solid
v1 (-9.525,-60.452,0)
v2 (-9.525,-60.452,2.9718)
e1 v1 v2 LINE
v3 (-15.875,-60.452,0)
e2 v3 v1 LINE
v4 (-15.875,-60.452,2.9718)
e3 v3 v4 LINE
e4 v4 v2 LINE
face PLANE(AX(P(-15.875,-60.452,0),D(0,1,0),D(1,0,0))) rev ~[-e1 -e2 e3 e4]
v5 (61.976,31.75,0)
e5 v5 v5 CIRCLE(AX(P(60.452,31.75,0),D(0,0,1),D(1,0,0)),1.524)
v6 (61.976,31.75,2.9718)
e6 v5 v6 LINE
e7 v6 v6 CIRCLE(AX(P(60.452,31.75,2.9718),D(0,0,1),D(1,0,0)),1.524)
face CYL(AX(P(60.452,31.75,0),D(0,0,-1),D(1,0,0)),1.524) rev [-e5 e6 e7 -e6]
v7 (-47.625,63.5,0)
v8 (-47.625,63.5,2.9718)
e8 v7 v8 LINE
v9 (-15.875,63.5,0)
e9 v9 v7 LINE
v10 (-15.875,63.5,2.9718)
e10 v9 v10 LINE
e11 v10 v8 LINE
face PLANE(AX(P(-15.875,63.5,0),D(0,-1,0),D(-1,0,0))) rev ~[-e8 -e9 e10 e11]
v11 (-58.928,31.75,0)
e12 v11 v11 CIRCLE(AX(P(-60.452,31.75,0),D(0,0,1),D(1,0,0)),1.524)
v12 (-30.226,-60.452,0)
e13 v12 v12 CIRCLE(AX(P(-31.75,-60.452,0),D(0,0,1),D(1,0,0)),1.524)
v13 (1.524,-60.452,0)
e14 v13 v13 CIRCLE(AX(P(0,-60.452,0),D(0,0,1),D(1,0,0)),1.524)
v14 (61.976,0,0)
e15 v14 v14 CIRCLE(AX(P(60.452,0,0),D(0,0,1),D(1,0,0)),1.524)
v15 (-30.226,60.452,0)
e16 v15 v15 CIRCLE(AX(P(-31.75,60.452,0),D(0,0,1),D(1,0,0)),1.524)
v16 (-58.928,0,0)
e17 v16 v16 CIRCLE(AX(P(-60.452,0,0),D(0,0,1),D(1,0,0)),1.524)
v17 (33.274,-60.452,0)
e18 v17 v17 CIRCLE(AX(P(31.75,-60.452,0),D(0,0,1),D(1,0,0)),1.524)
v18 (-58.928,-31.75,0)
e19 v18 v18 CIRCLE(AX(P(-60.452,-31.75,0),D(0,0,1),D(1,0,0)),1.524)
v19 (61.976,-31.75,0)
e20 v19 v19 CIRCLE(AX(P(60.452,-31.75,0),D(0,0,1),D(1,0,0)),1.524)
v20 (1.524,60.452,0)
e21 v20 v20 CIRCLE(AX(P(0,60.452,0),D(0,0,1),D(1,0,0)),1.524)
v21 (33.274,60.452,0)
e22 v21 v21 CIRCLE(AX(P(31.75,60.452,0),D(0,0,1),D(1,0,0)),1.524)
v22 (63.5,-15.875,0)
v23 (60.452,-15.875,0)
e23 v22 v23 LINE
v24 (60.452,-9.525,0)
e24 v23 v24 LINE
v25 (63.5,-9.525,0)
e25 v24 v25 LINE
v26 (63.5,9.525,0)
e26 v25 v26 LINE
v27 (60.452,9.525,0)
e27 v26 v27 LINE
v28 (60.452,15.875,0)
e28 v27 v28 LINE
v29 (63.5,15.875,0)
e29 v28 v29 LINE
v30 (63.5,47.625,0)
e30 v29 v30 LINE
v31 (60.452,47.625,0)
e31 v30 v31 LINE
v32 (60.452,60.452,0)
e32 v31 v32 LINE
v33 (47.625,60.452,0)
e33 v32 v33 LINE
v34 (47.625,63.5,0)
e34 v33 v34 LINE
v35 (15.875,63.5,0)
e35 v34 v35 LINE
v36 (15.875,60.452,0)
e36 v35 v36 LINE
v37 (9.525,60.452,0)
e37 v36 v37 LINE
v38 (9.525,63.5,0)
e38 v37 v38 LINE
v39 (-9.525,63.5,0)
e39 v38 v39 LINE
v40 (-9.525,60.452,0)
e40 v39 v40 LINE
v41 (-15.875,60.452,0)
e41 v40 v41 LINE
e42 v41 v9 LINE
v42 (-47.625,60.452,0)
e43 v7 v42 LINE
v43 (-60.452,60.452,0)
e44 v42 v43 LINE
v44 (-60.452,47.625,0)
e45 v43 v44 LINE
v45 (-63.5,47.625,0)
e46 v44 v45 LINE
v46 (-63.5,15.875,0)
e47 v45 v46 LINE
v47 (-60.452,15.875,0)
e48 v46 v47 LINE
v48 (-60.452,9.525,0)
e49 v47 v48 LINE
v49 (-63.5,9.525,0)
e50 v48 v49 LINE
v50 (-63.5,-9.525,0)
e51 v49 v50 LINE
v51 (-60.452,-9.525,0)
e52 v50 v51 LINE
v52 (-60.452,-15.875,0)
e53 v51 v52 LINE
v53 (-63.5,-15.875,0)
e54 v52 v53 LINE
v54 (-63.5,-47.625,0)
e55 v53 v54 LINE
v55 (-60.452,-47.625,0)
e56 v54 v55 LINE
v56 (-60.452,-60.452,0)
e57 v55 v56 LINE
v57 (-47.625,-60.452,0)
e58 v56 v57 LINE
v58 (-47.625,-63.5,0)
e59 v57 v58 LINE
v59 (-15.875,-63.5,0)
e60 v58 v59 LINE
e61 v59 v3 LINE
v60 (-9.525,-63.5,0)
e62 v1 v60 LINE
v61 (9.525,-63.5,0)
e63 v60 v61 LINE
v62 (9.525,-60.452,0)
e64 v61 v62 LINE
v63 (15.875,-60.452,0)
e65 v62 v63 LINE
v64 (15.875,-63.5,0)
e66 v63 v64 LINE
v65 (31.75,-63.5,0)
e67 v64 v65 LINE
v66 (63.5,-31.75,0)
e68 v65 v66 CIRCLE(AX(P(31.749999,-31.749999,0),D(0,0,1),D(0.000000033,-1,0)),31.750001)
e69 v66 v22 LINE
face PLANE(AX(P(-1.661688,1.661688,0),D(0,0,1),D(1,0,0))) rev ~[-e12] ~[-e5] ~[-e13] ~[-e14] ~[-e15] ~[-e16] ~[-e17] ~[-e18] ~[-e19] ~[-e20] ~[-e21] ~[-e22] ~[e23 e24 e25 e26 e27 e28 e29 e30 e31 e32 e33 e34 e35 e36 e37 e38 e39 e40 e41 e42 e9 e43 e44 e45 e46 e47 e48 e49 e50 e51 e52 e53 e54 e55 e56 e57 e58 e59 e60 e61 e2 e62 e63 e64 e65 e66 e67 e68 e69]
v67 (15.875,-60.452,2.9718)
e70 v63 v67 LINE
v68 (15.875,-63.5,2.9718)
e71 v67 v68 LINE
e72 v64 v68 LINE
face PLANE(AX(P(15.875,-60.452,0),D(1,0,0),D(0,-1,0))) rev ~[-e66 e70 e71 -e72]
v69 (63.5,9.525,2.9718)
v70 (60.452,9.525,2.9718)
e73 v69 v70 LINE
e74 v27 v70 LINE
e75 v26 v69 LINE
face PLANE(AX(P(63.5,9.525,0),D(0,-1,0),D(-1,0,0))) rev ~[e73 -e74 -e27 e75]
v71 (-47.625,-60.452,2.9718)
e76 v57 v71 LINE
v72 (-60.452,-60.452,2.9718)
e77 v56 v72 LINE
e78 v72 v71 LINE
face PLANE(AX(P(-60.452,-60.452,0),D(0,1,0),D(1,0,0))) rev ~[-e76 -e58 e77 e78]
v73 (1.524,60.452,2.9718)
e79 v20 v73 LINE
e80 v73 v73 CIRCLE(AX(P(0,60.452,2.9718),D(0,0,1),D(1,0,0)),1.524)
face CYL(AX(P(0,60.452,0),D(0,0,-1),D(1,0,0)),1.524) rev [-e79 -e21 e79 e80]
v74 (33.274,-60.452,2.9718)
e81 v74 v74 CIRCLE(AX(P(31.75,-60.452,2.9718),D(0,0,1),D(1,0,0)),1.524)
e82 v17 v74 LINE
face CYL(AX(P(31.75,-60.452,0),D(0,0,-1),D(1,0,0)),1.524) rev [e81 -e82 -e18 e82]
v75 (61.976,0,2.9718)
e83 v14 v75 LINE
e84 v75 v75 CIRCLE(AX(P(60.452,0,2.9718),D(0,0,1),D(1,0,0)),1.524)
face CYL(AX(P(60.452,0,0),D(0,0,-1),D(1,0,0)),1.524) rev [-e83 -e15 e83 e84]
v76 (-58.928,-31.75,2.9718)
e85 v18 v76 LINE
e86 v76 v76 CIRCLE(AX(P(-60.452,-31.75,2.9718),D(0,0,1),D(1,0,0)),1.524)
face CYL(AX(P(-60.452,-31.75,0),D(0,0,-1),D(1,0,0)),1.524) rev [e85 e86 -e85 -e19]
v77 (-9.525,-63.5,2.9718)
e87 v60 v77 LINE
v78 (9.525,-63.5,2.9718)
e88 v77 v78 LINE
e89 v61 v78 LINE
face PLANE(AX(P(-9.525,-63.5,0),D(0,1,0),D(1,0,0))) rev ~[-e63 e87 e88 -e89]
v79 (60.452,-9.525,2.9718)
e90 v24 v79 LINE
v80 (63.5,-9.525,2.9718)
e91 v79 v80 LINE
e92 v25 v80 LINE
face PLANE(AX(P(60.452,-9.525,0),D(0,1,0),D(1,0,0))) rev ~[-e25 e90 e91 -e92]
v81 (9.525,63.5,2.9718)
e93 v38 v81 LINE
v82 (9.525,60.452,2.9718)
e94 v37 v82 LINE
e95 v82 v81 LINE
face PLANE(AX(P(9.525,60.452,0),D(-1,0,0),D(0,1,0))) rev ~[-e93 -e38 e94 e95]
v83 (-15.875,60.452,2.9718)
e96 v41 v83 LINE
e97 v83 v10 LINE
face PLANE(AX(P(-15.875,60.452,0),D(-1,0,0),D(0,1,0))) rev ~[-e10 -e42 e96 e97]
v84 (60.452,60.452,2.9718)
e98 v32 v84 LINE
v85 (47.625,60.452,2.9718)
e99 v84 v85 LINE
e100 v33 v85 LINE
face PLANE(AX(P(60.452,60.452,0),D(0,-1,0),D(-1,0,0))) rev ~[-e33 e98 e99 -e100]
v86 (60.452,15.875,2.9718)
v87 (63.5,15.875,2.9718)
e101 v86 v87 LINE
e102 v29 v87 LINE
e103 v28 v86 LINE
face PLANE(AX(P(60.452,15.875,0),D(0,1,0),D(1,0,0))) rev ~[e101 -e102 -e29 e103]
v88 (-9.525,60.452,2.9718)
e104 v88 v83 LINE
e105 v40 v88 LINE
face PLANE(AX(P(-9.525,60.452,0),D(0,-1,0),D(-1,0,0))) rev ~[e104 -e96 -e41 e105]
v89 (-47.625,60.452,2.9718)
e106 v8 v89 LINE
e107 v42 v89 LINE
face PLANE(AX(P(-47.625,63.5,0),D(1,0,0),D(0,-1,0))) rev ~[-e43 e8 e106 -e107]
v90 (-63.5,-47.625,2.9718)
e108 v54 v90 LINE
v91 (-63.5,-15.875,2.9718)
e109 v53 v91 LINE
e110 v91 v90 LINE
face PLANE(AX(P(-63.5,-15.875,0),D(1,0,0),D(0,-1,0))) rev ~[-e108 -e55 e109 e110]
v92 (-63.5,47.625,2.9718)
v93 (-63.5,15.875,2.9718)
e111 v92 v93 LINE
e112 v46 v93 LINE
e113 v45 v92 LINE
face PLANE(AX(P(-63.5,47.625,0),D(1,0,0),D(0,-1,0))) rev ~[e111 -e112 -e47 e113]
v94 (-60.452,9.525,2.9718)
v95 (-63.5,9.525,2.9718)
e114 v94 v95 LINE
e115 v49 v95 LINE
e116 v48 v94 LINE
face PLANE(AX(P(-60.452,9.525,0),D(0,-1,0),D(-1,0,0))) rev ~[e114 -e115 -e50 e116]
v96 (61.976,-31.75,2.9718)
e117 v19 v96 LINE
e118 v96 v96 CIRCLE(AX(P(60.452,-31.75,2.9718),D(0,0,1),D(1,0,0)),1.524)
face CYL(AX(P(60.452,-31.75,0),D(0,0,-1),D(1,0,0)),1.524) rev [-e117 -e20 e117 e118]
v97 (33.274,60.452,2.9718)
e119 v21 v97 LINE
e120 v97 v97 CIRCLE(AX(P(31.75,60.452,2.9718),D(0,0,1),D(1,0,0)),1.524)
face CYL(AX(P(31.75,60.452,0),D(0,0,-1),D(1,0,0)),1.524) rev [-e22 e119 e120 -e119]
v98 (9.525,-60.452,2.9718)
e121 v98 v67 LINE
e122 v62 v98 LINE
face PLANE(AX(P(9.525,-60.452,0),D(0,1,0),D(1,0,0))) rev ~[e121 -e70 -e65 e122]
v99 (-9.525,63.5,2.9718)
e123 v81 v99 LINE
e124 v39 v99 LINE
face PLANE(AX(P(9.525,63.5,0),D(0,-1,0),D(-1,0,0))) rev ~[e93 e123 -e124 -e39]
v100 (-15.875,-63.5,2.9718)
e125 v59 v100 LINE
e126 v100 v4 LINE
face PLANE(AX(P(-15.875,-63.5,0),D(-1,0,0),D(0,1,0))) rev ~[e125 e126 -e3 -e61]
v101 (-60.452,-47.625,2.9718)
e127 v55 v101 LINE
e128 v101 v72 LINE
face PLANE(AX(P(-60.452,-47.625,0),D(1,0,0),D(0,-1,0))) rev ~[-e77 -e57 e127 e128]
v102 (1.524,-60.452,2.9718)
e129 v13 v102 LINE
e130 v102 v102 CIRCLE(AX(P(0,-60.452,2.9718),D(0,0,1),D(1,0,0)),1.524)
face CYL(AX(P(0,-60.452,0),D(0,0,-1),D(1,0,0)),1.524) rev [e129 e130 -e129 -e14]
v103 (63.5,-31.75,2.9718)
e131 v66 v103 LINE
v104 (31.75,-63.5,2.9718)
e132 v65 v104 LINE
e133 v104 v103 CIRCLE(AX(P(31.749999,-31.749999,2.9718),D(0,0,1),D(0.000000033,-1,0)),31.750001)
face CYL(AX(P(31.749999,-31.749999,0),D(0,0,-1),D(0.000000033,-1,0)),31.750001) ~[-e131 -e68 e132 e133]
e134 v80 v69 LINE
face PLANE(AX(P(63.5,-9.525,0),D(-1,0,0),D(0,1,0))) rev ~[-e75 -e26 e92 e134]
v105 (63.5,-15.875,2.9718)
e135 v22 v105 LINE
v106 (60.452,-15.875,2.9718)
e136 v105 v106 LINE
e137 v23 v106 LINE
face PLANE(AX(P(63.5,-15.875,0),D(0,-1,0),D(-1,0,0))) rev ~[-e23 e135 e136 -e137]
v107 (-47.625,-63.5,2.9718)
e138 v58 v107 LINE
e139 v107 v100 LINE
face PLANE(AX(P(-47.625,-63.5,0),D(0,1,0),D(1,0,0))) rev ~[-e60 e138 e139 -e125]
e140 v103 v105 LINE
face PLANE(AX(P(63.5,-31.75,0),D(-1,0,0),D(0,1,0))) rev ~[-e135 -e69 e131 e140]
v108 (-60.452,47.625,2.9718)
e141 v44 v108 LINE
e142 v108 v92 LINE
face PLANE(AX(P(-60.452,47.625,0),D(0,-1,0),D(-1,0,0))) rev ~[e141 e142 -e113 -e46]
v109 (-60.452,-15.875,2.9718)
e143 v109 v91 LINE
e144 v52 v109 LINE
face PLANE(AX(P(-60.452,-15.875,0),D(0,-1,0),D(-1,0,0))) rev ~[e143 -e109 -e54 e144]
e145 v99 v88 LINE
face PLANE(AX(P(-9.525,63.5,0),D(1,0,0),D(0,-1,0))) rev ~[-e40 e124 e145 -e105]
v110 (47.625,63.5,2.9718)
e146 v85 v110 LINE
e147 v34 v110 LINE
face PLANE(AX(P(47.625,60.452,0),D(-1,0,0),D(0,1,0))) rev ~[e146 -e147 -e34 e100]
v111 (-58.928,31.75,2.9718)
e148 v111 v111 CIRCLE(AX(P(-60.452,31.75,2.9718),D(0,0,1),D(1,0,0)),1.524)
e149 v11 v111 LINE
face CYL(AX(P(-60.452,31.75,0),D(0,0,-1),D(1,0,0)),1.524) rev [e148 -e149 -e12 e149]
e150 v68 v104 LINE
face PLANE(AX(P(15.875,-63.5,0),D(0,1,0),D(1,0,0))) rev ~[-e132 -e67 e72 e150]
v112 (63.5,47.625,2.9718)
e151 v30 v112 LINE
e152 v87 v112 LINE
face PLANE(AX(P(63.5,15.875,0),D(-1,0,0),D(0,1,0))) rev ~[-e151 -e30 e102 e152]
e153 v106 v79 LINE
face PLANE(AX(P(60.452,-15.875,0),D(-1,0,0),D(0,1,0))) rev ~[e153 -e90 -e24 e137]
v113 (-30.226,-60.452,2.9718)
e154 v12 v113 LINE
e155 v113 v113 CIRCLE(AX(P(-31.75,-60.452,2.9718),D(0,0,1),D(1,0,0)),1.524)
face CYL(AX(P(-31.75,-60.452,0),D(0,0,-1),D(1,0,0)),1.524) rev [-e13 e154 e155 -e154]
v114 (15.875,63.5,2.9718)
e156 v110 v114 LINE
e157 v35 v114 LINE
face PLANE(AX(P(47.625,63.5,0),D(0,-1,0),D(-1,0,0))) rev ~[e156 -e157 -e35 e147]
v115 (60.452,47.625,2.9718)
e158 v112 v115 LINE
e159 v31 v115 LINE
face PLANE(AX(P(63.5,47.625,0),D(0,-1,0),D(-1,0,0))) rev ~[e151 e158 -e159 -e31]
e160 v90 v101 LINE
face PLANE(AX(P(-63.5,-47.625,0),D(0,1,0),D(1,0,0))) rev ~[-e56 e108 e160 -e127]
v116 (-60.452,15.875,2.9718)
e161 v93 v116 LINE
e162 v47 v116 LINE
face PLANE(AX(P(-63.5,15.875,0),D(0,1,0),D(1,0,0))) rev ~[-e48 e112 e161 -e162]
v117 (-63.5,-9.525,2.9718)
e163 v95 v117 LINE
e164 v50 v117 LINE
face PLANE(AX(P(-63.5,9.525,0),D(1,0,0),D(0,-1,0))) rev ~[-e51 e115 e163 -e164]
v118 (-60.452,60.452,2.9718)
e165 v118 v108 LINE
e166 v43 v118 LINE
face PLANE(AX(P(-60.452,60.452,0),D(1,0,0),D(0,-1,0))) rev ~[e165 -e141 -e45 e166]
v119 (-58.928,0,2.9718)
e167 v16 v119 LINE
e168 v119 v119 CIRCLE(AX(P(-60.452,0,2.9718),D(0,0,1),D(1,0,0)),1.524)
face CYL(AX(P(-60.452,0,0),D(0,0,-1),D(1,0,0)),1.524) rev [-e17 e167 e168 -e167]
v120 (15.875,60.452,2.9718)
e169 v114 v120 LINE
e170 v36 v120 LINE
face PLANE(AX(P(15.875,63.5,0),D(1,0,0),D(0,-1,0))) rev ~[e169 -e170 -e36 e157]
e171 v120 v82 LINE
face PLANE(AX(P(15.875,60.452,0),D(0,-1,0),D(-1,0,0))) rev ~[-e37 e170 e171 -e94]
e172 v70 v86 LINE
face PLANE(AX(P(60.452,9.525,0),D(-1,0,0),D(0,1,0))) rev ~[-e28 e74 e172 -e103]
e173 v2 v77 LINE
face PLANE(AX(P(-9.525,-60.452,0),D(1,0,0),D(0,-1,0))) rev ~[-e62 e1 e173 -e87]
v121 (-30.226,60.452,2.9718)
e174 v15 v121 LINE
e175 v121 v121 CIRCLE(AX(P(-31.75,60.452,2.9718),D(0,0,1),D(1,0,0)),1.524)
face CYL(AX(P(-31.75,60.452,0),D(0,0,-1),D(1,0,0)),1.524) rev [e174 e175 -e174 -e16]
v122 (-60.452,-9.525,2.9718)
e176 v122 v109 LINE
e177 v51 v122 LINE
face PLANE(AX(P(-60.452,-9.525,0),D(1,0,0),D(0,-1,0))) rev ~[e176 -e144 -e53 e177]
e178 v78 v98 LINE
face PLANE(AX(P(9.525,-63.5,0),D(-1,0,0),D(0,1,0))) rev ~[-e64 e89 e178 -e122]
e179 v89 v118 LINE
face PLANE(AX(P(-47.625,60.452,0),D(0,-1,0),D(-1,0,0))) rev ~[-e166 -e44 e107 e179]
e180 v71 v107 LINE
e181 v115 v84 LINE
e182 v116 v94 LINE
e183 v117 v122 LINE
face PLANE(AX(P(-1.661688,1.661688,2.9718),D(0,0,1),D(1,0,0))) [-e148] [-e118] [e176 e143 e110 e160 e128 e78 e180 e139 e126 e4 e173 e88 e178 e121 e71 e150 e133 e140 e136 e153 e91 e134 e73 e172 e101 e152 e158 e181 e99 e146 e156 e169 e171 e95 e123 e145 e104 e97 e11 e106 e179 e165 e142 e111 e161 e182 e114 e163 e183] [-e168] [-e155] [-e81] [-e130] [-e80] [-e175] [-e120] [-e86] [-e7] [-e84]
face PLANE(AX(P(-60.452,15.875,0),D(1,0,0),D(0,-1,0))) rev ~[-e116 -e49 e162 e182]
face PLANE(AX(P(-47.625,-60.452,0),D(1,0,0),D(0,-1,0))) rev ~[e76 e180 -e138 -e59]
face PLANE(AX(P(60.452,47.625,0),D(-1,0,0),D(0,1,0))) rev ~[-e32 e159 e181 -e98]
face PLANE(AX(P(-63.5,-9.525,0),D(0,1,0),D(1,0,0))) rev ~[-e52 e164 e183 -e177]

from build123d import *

# Parameters (mm, degrees)
F0_R     = 1.524
F1_DEPTH = 2.9718


with BuildPart() as f1:
    # F0 (on Top) → F1 (new body)
    with BuildSketch(Plane.XY):
        with BuildLine():
            Line((63.5, 15.875), (63.5, 47.625))
            Line((63.5, 47.625), (60.452, 47.625))
            Line((60.452, 47.625), (60.452, 60.452))
            Line((60.452, 60.452), (47.625, 60.452))
            Line((47.625, 60.452), (47.625, 63.5))
            Line((47.625, 63.5), (15.875, 63.5))
            Line((15.875, 63.5), (15.875, 60.452))
            Line((15.875, 60.452), (9.525, 60.452))
            Line((9.525, 60.452), (9.525, 63.5))
            Line((9.525, 63.5), (-9.525, 63.5))
            Line((-9.525, 63.5), (-9.525, 60.452))
            Line((-9.525, 60.452), (-15.875, 60.452))
            Line((-15.875, 60.452), (-15.875, 63.5))
            Line((-15.875, 63.5), (-47.625, 63.5))
            Line((-47.625, 63.5), (-47.625, 60.452))
            Line((-47.625, 60.452), (-60.452, 60.452))
            Line((-60.452, 60.452), (-60.452, 47.625))
            Line((-60.452, 47.625), (-63.5, 47.625))
            Line((-63.5, 47.625), (-63.5, 15.875))
            Line((-63.5, 15.875), (-60.452, 15.875))
            Line((-60.452, 15.875), (-60.452, 9.525))
            Line((-60.452, 9.525), (-63.5, 9.525))
            Line((-63.5, 9.525), (-63.5, -9.525))
            Line((-63.5, -9.525), (-60.452, -9.525))
            Line((-60.452, -9.525), (-60.452, -15.875))
            Line((-60.452, -15.875), (-63.5, -15.875))
            Line((-63.5, -15.875), (-63.5, -47.625))
            Line((-63.5, -47.625), (-60.452, -47.625))
            Line((-60.452, -47.625), (-60.452, -60.452))
            Line((-60.452, -60.452), (-47.625, -60.452))
            Line((-47.625, -60.452), (-47.625, -63.5))
            Line((-47.625, -63.5), (-15.875, -63.5))
            Line((-15.875, -63.5), (-15.875, -60.452))
            Line((-15.875, -60.452), (-9.525, -60.452))
            Line((-9.525, -60.452), (-9.525, -63.5))
            Line((-9.525, -63.5), (9.525, -63.5))
            Line((9.525, -63.5), (9.525, -60.452))
            Line((9.525, -60.452), (15.875, -60.452))
            Line((15.875, -60.452), (15.875, -63.5))
            Line((15.875, -63.5), (31.75, -63.5))
            ThreePointArc((31.75, -63.5), (54.20064, -54.20064), (63.5, -31.75))
            Line((63.5, -31.75), (63.5, -15.875))
            Line((63.5, -15.875), (60.452, -15.875))
            Line((60.452, -15.875), (60.452, -9.525))
            Line((60.452, -9.525), (63.5, -9.525))
            Line((63.5, -9.525), (63.5, 9.525))
            Line((63.5, 9.525), (60.452, 9.525))
            Line((60.452, 9.525), (60.452, 15.875))
            Line((60.452, 15.875), (63.5, 15.875))
        make_face()
        with Locations((-31.75, -60.452)):
            Circle(F0_R, mode=Mode.SUBTRACT)
        with Locations((-60.452, -31.75)):
            Circle(F0_R, mode=Mode.SUBTRACT)
        with Locations((0, -60.452)):
            Circle(F0_R, mode=Mode.SUBTRACT)
        with Locations((31.75, -60.452)):
            Circle(F0_R, mode=Mode.SUBTRACT)
        with Locations((60.452, -31.75)):
            Circle(F0_R, mode=Mode.SUBTRACT)
        with Locations((-60.452, 0)):
            Circle(F0_R, mode=Mode.SUBTRACT)
        with Locations((-60.452, 31.75)):
            Circle(F0_R, mode=Mode.SUBTRACT)
        with Locations((-31.75, 60.452)):
            Circle(F0_R, mode=Mode.SUBTRACT)
        with Locations((60.452, 0)):
            Circle(F0_R, mode=Mode.SUBTRACT)
        with Locations((0, 60.452)):
            Circle(F0_R, mode=Mode.SUBTRACT)
        with Locations((60.452, 31.75)):
            Circle(F0_R, mode=Mode.SUBTRACT)
        with Locations((31.75, 60.452)):
            Circle(F0_R, mode=Mode.SUBTRACT)
    extrude(amount=F1_DEPTH)


solid = f1.part
